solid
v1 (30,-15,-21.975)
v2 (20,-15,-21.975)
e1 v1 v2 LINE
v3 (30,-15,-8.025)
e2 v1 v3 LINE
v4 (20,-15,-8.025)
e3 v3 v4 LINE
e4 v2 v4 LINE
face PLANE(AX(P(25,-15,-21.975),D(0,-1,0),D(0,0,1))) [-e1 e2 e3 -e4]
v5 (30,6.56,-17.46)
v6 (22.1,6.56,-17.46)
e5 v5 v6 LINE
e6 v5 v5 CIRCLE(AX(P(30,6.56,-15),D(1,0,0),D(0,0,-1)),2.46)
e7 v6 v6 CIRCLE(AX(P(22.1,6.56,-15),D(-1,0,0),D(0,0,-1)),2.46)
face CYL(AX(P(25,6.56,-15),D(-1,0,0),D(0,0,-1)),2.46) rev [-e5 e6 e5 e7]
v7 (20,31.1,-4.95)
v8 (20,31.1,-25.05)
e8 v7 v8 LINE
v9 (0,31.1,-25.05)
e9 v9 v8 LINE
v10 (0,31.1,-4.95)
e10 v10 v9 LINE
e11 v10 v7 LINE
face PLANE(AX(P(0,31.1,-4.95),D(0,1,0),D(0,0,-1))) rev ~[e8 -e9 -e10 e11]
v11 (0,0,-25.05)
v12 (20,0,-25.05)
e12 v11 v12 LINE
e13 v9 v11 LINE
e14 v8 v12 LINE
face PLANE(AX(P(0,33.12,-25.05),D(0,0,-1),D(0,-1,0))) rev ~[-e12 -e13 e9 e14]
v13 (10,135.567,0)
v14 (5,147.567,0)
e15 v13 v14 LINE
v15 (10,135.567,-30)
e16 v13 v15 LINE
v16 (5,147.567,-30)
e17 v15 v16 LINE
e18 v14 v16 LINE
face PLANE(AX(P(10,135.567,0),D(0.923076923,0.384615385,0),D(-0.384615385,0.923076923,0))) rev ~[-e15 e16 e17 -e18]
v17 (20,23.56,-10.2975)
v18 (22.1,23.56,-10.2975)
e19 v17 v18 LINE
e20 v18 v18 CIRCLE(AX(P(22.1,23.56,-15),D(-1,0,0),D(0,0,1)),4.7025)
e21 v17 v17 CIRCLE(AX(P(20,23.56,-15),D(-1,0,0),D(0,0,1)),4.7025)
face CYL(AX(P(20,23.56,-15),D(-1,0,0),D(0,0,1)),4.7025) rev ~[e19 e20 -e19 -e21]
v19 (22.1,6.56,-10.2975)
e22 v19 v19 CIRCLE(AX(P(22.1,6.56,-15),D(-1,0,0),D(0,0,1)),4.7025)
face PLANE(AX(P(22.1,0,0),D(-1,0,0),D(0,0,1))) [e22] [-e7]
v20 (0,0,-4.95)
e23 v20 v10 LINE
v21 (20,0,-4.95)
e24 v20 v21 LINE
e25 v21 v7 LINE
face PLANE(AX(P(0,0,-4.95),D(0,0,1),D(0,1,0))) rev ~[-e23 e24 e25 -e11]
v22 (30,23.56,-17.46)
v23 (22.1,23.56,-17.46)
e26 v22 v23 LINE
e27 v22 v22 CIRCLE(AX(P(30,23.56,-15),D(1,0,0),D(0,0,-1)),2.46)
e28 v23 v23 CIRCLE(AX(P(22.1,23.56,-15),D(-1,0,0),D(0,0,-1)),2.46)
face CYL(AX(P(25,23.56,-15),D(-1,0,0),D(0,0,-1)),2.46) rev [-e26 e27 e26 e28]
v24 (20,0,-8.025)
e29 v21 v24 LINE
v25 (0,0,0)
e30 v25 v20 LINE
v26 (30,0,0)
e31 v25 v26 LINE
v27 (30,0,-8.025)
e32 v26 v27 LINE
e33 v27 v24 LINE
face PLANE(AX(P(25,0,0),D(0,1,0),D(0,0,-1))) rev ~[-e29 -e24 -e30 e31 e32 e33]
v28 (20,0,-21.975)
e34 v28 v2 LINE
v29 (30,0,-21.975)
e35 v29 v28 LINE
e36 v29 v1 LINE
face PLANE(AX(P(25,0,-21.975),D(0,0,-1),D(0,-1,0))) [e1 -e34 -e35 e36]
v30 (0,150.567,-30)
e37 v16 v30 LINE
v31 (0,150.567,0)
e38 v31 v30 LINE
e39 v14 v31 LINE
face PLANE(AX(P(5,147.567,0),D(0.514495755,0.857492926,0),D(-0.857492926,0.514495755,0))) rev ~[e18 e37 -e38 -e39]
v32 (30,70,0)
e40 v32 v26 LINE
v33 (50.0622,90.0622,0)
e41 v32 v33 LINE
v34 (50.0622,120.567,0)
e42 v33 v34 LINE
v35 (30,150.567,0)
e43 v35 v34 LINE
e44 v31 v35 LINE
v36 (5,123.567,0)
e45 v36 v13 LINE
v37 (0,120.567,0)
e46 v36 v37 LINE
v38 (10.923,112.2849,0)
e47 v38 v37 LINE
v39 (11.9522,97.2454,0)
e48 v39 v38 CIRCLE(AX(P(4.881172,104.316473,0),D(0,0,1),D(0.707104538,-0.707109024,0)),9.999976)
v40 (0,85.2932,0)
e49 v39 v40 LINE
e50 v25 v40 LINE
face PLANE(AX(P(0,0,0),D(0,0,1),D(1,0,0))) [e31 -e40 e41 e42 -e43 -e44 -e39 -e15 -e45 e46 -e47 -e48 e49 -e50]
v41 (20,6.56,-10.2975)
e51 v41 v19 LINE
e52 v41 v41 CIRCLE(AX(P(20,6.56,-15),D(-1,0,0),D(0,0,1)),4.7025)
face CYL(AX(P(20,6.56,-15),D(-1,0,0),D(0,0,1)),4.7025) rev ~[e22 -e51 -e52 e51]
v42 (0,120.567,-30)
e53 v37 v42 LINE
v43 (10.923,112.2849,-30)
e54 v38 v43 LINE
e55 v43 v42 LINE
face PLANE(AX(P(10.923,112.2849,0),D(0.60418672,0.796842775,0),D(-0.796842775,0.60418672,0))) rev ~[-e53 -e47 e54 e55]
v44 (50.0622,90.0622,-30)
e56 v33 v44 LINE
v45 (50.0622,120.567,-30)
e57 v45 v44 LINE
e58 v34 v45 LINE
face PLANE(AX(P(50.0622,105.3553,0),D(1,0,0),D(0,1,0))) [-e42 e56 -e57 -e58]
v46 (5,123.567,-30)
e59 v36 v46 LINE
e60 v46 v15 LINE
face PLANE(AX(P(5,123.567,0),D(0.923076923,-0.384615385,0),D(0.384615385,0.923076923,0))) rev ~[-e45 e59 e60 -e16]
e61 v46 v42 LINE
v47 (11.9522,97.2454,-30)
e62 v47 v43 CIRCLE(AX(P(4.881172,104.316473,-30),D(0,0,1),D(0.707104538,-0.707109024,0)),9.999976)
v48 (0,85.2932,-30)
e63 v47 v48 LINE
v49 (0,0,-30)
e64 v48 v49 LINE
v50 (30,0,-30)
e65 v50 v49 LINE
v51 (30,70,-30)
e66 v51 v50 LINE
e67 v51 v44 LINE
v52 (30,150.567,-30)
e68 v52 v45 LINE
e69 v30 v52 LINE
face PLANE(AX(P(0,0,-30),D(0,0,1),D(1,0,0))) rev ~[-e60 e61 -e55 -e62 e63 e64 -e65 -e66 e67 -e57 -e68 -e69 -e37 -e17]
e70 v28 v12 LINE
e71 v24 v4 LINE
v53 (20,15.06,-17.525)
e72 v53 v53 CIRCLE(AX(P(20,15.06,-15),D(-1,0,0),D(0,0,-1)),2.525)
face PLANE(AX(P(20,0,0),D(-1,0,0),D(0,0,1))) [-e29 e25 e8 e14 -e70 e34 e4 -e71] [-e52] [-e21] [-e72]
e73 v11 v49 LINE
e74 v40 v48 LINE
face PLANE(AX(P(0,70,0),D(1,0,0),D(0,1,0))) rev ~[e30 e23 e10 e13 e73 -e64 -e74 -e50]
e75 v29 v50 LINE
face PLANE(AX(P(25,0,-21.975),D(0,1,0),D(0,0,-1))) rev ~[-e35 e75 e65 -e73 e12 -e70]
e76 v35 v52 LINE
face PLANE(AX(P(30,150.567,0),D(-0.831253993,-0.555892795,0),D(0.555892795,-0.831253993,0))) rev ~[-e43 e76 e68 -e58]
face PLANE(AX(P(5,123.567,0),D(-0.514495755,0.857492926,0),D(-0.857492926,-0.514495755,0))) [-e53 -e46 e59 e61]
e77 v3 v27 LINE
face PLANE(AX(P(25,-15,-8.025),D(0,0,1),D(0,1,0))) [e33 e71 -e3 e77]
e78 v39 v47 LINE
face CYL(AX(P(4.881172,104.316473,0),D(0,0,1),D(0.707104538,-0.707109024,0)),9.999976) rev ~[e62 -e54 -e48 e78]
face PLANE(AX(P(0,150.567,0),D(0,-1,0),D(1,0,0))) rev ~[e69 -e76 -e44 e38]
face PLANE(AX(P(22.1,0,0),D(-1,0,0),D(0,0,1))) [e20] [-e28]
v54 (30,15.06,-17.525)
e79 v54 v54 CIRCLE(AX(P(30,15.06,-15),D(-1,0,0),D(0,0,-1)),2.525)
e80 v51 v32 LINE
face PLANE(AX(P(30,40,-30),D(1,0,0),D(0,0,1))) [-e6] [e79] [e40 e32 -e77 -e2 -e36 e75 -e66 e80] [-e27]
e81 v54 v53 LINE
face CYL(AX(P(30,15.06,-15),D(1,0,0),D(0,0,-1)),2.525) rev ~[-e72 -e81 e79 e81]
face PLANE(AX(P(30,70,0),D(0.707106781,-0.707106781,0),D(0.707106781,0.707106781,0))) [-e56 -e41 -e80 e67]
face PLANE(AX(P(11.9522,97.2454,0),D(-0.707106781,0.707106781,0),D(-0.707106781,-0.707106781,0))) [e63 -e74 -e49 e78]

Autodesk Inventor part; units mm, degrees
ref_plane "YZ Plane" through (0, 0, 0) normal (1, 0, 0) x (0, 1, 0)
ref_plane "XZ Plane" through (0, 0, 0) normal (0, 1, 0) x (-1, 0, 0)
ref_plane "XY Plane" through (0, 0, 0) normal (0, 0, 1) x (1, 0, 0)
sketch "Sketch1" plane through (0, 0, 0) normal (0, 0, 1) x (1, 0, 0)
  line L0 (0, 0) -> (25, 0)
  line L1 (25, 0) -> (25, 40)
  line L2 (25, 40) -> (0, 40)
  line L3 (0, 40) -> (0, 0)
  dimension "d1" = 25
  dimension "d2" = 40
  dimension "d3" = 25
extrude "Extrusion1" add sketch "Sketch1" against normal blind 30
sketch "Sketch2" plane through (25, 0, 0) normal (1, 0, 0) x (0, 0, -1)
  line L0 (0, 0) -> (30, 0) projected
  circle A0 centre (15, 6.56) radius 2.46
extrude "Extrusion2" cut sketch "Sketch2" against normal blind 30
sketch "Sketch3" plane through (0, 0, 0) normal (-1, 0, 0) x (0, 0, 1)
  line L0 (0, 0) -> (-30, 0) projected
  line L1 (-25.05, 0) -> (-4.95, 0)
  line L2 (-4.95, 0) -> (-4.95, 33.12)
  line L3 (-4.95, 33.12) -> (-25.05, 33.12)
  line L4 (-25.05, 33.12) -> (-25.05, 0)
  dimension "d11" = 20.1
extrude "Extrusion3" cut sketch "Sketch3" against normal blind 20
sketch "Sketch4" plane through (0, 0, 0) normal (0, -1, 0) x (1, 0, 0)
  line L0 (20, -4.95) -> (20, -25.05) projected
  line L1 (20, -15) -> (25, -15)
  line L2 (25, 0) -> (25, -30) projected
  line L3 (20, -8.025) -> (25, -8.025)
  line L4 (25, -8.025) -> (25, -21.975)
  line L5 (25, -21.975) -> (20, -21.975)
  line L6 (20, -21.975) -> (20, -8.025)
  line L7 (20, -8.025) -> (25, -21.975) construction
  line L8 (25, -8.025) -> (20, -21.975) construction
  line L9 (25, -12.54) -> (25, -17.46) projected
  point P0 (0, 0)
  point P1 (22.5, -15)
  dimension "d14" = 13.95
extrude "Extrusion4" add sketch "Sketch4" along normal blind 15
sketch "Sketch5" plane through (20, 0, 0) normal (-1, 0, 0) x (0, 0, 1)
  circle A0 centre (-15, 6.56) radius 2.46 projected
  circle A1 centre (-15, 6.56) radius 4.7025
  circle A2 centre (-15, 6.56) radius 2.46 projected
  circle A3 centre (-15, 6.56) radius 2.46
  point P0 (0, 0)
  dimension "d17" = 9.405
extrude "Extrusion5" cut sketch "Sketch5" against normal blind 2.1
sketch "Sketch6" plane through (25, 0, 0) normal (1, 0, 0) x (0, 0, -1)
  circle A0 centre (15, 6.56) radius 4.7025 projected
  line L0 (15, 6.56) -> (15, 23.56)
  circle A1 centre (15, 23.56) radius 2.46
  point P0 (0, 0)
  dimension "d20" = 17
  dimension "d21" = 4.92
extrude "Extrusion6" cut sketch "Sketch6" against normal blind 10 contours A1
sketch "Sketch7" plane through (20, 0, 0) normal (-1, 0, 0) x (0, 0, 1)
  circle A0 centre (-15, 23.56) radius 2.46 projected
  circle A1 centre (-15, 23.56) radius 4.7025
  point P0 (0, 0)
  dimension "d24" = 9.405
extrude "Extrusion7" cut sketch "Sketch7" against normal blind 2.1
sketch "Sketch9" plane through (25, 0, 0) normal (1, 0, 0) x (0, 0, -1)
  circle A0 centre (15, 6.56) radius 2.46 projected
  circle A1 centre (15, 6.56) radius 2.46
  circle A2 centre (15, 23.56) radius 2.46 projected
  circle A3 centre (15, 23.56) radius 2.46
  line L0 (30, 40) -> (30, 0) projected
  line L1 (30, 0) -> (30, 40)
  line L2 (30, 40) -> (0, 40)
  line L3 (0, 40) -> (0, 0)
  line L4 (0, 0) -> (8.025, 0) projected
  line L5 (21.975, 0) -> (21.975, -15)
  line L6 (21.975, -15) -> (8.025, -15)
  line L7 (8.025, -15) -> (8.025, 0)
  line L8 (0, 0) -> (8.025, 0)
  line L9 (21.975, 0) -> (30, 0)
extrude "Extrusion8" add sketch "Sketch9" along normal blind 5
sketch "Sketch10" plane through (0, 40, 0) normal (0, 1, 0) x (1, 0, 0)
  line L0 (0, 30) -> (30, 30) projected
  line L1 (30, 0) -> (0, 0) projected
  line L2 (0, 30) -> (30, 30)
  line L3 (30, 30) -> (30, 0)
  line L4 (30, 0) -> (0, 0)
  line L5 (0, 0) -> (0, 30)
extrude "Extrusion9" add sketch "Sketch10" along normal blind 30
sketch "Sketch12" plane through (30, 0, 0) normal (1, 0, 0) x (0, 0, -1)
  circle A0 centre (15, 6.56) radius 2.46 projected
  line L0 (15, 6.56) -> (15, 15.06)
  circle A1 centre (15, 15.06) radius 2.525
  point P0 (0, 0)
  dimension "d31" = 8.5
  dimension "d33" = 5.05
extrude "Extrusion10" cut sketch "Sketch12" against normal blind 30 contours A1
sketch "Sketch15" plane through (0, 0, -25.05) normal (-1, 0, 0) x (0, 0, 1)
  line L0 (0, 33.12) -> (20.1, 33.12) projected
  line L1 (20.1, 33.12) -> (20.1, 0) projected
  line L2 (0, 33.12) -> (20.1, 33.12)
  line L3 (20.1, 33.12) -> (20.1, 31.1)
  line L4 (20.1, 31.1) -> (0, 31.1)
  line L5 (0, 31.1) -> (0, 33.12)
  point P0 (25.05, 0)
  dimension "d57" = 2.02
extrude "Extrusion13" add sketch "Sketch15" against normal blind 20
sketch "Sketch17" plane through (0, 0, 0) normal (0, 0, 1) x (1, 0, 0)
  line L0 (0, 70) -> (30, 70) projected
  line L1 (30, 70) -> (50.0622, 90.0622)
  line L2 (30, 70) -> (80, 70) construction
  line L3 (11.9522, 97.2454) -> (0, 85.2932)
  line L4 (0, 70) -> (0, 85.2932)
  line L5 (0, 70) -> (0, 0) projected
  line L6 (0, 70) -> (30, 70)
  line L7 (10.923, 112.2849) -> (0, 120.567)
  line L8 (50.0622, 105.3553) -> (50.0622, 120.567)
  line L9 (50.0622, 105.3553) -> (50.0622, 90.0622)
  arc A0 (11.9522, 97.2454) -> (10.923, 112.2849) centre (4.8811, 104.3165) ccw
  line L10 (0, 150.567) -> (30, 150.567)
  line L11 (30, 150.567) -> (50.0622, 120.567)
  line L12 (5, 147.567) -> (0, 150.567)
  line L13 (5, 123.567) -> (0, 120.567)
  line L14 (5, 123.567) -> (10, 135.567)
  line L15 (10, 135.567) -> (5, 147.567)
  dimension "d61" = 45
  dimension "d62" = 32.0271
  dimension "d72" = 10
extrude "Extrusion14" add sketch "Sketch17" against normal blind 30
properties part number "rec_c_24mm_x_30mm"
